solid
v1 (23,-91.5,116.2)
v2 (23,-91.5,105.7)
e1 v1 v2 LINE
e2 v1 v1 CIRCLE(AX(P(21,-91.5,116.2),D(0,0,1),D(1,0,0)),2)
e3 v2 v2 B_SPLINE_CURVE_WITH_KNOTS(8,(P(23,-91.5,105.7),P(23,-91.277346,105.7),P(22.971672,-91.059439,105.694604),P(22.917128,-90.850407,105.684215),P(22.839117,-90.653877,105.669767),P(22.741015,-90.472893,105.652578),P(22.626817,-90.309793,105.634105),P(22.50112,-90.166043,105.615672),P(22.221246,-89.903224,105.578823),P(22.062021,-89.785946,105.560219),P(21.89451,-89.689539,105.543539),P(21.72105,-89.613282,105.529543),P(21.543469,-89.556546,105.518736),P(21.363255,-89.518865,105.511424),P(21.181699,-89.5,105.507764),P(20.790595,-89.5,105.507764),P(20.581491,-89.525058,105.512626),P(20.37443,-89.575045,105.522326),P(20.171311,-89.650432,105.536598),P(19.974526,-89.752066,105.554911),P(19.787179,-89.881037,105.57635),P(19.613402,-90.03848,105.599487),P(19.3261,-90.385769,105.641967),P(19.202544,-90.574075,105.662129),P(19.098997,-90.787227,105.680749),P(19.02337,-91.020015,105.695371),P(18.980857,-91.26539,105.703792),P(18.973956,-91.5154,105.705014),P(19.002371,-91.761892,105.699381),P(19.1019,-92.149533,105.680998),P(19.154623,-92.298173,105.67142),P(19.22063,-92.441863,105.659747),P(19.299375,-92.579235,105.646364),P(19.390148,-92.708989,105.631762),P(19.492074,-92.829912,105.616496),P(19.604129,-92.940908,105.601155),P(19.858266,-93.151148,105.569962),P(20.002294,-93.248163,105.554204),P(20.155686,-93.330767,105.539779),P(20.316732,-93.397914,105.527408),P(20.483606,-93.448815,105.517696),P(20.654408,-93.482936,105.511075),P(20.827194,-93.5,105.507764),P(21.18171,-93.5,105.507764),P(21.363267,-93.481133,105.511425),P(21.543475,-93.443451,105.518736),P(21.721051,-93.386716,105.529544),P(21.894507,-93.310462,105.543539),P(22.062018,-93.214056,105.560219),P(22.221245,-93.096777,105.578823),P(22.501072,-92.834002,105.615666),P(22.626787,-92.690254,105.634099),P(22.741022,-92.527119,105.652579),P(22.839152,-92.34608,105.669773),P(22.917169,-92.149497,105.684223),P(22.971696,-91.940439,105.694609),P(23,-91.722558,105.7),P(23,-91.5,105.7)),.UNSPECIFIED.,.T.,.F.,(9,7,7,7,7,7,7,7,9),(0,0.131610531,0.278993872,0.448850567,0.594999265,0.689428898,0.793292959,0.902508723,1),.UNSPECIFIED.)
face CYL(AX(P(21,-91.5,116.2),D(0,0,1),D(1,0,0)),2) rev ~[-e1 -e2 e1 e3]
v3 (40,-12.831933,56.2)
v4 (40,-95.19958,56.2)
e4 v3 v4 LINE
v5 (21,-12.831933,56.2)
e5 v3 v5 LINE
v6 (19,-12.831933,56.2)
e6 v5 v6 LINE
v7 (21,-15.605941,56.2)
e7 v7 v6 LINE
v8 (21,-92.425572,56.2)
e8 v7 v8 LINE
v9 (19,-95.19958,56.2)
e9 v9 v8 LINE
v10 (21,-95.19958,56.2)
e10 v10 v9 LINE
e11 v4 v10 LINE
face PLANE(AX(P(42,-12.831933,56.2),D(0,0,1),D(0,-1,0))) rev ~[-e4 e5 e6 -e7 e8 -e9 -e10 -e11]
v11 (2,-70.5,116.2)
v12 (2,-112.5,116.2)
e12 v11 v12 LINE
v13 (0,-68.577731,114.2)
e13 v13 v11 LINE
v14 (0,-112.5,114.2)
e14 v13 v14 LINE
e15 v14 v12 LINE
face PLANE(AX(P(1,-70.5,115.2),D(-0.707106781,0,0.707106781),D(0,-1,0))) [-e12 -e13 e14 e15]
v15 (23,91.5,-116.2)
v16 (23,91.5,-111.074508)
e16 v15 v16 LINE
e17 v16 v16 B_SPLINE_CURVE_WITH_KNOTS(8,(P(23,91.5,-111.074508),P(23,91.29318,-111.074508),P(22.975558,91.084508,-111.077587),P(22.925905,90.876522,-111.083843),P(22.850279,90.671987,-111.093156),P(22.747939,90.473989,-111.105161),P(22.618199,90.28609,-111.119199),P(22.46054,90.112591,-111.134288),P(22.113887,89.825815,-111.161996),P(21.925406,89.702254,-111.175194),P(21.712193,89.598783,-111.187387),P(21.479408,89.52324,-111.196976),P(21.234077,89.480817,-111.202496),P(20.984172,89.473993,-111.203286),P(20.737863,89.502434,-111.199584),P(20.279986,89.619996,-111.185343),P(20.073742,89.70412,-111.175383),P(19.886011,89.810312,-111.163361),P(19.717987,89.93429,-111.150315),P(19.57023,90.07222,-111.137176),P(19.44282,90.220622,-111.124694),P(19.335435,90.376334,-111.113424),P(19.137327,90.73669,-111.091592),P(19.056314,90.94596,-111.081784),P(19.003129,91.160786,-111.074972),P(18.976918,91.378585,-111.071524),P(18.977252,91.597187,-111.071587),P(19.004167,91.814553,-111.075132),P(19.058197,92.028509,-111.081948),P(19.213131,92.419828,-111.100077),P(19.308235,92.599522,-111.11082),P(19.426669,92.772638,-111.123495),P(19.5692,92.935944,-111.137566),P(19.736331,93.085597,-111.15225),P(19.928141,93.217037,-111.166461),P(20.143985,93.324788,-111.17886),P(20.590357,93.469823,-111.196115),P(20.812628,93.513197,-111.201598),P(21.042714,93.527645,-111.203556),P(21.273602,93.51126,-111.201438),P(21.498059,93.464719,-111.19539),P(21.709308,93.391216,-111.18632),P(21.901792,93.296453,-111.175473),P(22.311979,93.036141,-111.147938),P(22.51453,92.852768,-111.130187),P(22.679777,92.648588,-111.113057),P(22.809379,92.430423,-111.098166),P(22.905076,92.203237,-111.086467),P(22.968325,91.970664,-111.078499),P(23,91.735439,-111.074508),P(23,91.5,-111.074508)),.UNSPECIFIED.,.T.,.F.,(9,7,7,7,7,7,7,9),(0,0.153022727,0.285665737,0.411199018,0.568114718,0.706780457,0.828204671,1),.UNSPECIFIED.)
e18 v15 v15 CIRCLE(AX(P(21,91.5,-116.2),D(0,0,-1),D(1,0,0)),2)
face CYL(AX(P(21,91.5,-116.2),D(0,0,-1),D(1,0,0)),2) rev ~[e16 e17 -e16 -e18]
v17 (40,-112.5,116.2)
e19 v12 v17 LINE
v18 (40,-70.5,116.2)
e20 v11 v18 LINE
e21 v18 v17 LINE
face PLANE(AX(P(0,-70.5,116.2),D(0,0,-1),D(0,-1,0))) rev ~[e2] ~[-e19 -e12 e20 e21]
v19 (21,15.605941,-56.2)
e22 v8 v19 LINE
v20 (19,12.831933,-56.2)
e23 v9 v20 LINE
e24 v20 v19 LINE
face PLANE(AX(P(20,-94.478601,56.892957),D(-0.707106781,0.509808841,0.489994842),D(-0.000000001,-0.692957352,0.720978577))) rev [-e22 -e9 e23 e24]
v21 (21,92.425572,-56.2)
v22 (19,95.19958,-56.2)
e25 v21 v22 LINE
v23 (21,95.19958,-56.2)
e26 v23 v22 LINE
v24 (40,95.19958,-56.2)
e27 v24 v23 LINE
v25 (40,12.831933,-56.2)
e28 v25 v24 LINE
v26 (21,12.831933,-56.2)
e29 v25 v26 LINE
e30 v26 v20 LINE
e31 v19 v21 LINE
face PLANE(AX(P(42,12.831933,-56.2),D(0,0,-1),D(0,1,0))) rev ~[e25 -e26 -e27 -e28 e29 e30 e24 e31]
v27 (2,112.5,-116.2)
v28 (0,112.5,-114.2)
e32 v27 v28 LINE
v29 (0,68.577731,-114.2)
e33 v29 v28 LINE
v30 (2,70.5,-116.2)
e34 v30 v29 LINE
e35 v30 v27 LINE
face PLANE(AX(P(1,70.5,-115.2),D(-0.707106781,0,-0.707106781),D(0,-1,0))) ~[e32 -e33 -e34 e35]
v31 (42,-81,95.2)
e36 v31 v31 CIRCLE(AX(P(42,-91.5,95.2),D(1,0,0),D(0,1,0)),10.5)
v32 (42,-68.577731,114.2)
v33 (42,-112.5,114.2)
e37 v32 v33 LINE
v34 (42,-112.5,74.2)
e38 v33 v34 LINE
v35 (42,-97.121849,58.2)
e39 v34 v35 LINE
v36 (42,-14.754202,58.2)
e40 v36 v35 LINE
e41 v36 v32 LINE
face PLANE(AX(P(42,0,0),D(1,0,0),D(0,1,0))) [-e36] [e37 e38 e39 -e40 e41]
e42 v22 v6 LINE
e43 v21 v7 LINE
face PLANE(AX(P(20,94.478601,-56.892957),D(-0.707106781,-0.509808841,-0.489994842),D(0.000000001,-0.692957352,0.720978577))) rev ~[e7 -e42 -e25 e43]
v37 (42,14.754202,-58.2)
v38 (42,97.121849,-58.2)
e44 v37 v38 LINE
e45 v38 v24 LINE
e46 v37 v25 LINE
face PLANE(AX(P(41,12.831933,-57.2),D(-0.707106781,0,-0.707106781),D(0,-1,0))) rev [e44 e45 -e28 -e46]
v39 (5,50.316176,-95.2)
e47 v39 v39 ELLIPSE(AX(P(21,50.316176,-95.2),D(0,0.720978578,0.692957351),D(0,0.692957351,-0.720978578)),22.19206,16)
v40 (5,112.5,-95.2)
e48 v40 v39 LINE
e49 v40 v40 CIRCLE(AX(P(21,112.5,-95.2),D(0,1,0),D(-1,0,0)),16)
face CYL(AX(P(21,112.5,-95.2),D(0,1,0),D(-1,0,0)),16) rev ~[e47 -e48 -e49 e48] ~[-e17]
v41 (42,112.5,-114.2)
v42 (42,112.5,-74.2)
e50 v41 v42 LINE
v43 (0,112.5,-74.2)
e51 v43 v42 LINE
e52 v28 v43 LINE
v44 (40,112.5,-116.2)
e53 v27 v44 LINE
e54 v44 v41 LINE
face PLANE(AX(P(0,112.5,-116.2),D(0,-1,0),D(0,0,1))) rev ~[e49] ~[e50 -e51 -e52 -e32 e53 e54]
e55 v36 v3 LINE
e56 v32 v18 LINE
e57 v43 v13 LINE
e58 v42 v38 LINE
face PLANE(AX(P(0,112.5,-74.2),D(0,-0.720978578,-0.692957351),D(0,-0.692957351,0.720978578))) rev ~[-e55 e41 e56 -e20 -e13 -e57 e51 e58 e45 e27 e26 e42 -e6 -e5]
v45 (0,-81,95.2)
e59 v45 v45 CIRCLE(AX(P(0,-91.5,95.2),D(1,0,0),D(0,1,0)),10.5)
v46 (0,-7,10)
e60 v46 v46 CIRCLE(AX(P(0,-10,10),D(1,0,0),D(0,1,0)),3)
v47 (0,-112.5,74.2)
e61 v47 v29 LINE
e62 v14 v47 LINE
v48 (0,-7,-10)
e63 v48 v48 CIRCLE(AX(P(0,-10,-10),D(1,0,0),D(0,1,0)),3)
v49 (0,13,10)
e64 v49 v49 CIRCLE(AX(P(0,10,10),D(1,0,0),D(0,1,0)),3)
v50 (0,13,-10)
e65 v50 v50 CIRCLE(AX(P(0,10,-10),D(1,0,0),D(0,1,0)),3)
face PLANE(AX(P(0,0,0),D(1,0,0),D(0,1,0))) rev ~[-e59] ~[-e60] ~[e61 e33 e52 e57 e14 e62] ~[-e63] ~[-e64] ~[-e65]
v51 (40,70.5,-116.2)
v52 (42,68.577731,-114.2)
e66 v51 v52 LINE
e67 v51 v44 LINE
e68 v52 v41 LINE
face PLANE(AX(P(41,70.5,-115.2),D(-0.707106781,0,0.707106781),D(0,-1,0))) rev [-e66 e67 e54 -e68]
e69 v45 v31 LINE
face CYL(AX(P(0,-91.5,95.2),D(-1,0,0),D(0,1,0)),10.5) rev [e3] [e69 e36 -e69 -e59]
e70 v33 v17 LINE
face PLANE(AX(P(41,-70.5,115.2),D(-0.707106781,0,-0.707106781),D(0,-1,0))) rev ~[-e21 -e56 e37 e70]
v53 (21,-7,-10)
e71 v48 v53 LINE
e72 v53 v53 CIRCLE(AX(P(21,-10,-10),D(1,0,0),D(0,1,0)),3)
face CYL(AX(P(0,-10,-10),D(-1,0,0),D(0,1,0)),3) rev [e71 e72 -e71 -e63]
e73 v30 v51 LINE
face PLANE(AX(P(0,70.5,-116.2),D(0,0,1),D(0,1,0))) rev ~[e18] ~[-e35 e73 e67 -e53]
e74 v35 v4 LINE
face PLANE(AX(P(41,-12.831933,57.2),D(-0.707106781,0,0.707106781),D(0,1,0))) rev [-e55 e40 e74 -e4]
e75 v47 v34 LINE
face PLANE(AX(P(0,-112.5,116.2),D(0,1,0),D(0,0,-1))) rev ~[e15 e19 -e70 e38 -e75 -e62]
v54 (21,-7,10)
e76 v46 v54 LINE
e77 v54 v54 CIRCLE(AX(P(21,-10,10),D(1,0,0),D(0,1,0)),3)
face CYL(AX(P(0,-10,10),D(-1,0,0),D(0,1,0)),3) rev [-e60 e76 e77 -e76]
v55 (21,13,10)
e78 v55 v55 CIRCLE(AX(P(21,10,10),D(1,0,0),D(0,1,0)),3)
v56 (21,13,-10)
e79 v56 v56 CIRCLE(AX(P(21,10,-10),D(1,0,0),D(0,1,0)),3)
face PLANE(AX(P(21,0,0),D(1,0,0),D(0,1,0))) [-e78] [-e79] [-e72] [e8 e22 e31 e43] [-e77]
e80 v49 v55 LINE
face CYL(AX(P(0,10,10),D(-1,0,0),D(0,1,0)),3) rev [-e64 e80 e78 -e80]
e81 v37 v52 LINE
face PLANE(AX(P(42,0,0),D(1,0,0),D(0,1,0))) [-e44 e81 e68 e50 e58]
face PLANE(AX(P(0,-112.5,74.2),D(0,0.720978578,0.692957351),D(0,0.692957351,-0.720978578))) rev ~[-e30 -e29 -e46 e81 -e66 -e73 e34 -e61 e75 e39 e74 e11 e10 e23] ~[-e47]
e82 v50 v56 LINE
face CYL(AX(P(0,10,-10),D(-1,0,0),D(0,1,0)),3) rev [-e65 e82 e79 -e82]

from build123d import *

# Parameters (mm, degrees)
F0_R      = 3
F0_R_2    = 10.5
F1_DEPTH  = 42
F2_R      = 3
F3_DEPTH  = 21
F4_R      = 16
F5_DEPTH  = 85
F6_SIZE   = 2
F7_R      = 2
F8_DEPTH  = 25
F9_R      = 2
F10_DEPTH = 25


with BuildPart() as f1:
    # F0 (on Right) → F1 (new body)
    with BuildSketch(Plane.YZ):
        Polygon((70.5, -116.2), (112.5, -116.2), (112.5, -74.2), (-70.5, 116.2), (-112.5, 116.2), (-112.5, 74.2), align=None)
        with Locations((-10, -10)):
            Circle(F0_R, mode=Mode.SUBTRACT)
        with Locations((10, -10)):
            Circle(F0_R, mode=Mode.SUBTRACT)
        with Locations((-10, 10)):
            Circle(F0_R, mode=Mode.SUBTRACT)
        with Locations((-91.5, 95.2)):
            Circle(F0_R_2, mode=Mode.SUBTRACT)
        with Locations((10, 10)):
            Circle(F0_R, mode=Mode.SUBTRACT)
    extrude(amount=F1_DEPTH)

    # F2 (on face) → F3 (cut)
    with BuildSketch(Plane.YZ.offset(42)):
        Polygon((12.831933, -56.2), (95.19958, -56.2), (-12.831933, 56.2), (-95.19958, 56.2), align=None)
        with Locations((-10, -10)):
            Circle(F2_R, mode=Mode.SUBTRACT)
        with Locations((10, -10)):
            Circle(F2_R, mode=Mode.SUBTRACT)
        with Locations((-10, 10)):
            Circle(F2_R, mode=Mode.SUBTRACT)
        with Locations((10, 10)):
            Circle(F2_R, mode=Mode.SUBTRACT)
    extrude(amount=-F3_DEPTH, mode=Mode.SUBTRACT)

    # F4 (on face) → F5 (cut)
    with BuildSketch(Plane(origin=(0, 112.5, 0), x_dir=(-1, 0, 0), z_dir=(0, 1, 0))):
        with Locations((-21, -95.2)):
            Circle(F4_R)
    extrude(amount=-F5_DEPTH, mode=Mode.SUBTRACT)

    # F6
    f6_edges = [f1.edges().sort_by_distance(p)[0] for p in [
        (21, 41.183824, 0),
        (21, -41.183824, 0),
        (42, -54.015756, 56.2),
        (0, -91.5, 116.2),
        (0, 91.5, -116.2),
        (42, 54.015756, -56.2),
        (42, 91.5, -116.2),
        (42, -91.5, 116.2),
    ]]
    chamfer(f6_edges, length=F6_SIZE)

    # F7 (on face) → F8 (cut)
    with BuildSketch(Plane.XY.offset(116.2)):
        with Locations((21, -91.5)):
            Circle(F7_R)
    extrude(amount=-F8_DEPTH, mode=Mode.SUBTRACT)

    # F9 (on face) → F10 (cut)
    with BuildSketch(Plane(origin=(0, 0, -116.2), x_dir=(1, 0, 0), z_dir=(0, 0, -1))):
        with Locations((21, -91.5)):
            Circle(F9_R)
    extrude(amount=-F10_DEPTH, mode=Mode.SUBTRACT)


solid = f1.part
